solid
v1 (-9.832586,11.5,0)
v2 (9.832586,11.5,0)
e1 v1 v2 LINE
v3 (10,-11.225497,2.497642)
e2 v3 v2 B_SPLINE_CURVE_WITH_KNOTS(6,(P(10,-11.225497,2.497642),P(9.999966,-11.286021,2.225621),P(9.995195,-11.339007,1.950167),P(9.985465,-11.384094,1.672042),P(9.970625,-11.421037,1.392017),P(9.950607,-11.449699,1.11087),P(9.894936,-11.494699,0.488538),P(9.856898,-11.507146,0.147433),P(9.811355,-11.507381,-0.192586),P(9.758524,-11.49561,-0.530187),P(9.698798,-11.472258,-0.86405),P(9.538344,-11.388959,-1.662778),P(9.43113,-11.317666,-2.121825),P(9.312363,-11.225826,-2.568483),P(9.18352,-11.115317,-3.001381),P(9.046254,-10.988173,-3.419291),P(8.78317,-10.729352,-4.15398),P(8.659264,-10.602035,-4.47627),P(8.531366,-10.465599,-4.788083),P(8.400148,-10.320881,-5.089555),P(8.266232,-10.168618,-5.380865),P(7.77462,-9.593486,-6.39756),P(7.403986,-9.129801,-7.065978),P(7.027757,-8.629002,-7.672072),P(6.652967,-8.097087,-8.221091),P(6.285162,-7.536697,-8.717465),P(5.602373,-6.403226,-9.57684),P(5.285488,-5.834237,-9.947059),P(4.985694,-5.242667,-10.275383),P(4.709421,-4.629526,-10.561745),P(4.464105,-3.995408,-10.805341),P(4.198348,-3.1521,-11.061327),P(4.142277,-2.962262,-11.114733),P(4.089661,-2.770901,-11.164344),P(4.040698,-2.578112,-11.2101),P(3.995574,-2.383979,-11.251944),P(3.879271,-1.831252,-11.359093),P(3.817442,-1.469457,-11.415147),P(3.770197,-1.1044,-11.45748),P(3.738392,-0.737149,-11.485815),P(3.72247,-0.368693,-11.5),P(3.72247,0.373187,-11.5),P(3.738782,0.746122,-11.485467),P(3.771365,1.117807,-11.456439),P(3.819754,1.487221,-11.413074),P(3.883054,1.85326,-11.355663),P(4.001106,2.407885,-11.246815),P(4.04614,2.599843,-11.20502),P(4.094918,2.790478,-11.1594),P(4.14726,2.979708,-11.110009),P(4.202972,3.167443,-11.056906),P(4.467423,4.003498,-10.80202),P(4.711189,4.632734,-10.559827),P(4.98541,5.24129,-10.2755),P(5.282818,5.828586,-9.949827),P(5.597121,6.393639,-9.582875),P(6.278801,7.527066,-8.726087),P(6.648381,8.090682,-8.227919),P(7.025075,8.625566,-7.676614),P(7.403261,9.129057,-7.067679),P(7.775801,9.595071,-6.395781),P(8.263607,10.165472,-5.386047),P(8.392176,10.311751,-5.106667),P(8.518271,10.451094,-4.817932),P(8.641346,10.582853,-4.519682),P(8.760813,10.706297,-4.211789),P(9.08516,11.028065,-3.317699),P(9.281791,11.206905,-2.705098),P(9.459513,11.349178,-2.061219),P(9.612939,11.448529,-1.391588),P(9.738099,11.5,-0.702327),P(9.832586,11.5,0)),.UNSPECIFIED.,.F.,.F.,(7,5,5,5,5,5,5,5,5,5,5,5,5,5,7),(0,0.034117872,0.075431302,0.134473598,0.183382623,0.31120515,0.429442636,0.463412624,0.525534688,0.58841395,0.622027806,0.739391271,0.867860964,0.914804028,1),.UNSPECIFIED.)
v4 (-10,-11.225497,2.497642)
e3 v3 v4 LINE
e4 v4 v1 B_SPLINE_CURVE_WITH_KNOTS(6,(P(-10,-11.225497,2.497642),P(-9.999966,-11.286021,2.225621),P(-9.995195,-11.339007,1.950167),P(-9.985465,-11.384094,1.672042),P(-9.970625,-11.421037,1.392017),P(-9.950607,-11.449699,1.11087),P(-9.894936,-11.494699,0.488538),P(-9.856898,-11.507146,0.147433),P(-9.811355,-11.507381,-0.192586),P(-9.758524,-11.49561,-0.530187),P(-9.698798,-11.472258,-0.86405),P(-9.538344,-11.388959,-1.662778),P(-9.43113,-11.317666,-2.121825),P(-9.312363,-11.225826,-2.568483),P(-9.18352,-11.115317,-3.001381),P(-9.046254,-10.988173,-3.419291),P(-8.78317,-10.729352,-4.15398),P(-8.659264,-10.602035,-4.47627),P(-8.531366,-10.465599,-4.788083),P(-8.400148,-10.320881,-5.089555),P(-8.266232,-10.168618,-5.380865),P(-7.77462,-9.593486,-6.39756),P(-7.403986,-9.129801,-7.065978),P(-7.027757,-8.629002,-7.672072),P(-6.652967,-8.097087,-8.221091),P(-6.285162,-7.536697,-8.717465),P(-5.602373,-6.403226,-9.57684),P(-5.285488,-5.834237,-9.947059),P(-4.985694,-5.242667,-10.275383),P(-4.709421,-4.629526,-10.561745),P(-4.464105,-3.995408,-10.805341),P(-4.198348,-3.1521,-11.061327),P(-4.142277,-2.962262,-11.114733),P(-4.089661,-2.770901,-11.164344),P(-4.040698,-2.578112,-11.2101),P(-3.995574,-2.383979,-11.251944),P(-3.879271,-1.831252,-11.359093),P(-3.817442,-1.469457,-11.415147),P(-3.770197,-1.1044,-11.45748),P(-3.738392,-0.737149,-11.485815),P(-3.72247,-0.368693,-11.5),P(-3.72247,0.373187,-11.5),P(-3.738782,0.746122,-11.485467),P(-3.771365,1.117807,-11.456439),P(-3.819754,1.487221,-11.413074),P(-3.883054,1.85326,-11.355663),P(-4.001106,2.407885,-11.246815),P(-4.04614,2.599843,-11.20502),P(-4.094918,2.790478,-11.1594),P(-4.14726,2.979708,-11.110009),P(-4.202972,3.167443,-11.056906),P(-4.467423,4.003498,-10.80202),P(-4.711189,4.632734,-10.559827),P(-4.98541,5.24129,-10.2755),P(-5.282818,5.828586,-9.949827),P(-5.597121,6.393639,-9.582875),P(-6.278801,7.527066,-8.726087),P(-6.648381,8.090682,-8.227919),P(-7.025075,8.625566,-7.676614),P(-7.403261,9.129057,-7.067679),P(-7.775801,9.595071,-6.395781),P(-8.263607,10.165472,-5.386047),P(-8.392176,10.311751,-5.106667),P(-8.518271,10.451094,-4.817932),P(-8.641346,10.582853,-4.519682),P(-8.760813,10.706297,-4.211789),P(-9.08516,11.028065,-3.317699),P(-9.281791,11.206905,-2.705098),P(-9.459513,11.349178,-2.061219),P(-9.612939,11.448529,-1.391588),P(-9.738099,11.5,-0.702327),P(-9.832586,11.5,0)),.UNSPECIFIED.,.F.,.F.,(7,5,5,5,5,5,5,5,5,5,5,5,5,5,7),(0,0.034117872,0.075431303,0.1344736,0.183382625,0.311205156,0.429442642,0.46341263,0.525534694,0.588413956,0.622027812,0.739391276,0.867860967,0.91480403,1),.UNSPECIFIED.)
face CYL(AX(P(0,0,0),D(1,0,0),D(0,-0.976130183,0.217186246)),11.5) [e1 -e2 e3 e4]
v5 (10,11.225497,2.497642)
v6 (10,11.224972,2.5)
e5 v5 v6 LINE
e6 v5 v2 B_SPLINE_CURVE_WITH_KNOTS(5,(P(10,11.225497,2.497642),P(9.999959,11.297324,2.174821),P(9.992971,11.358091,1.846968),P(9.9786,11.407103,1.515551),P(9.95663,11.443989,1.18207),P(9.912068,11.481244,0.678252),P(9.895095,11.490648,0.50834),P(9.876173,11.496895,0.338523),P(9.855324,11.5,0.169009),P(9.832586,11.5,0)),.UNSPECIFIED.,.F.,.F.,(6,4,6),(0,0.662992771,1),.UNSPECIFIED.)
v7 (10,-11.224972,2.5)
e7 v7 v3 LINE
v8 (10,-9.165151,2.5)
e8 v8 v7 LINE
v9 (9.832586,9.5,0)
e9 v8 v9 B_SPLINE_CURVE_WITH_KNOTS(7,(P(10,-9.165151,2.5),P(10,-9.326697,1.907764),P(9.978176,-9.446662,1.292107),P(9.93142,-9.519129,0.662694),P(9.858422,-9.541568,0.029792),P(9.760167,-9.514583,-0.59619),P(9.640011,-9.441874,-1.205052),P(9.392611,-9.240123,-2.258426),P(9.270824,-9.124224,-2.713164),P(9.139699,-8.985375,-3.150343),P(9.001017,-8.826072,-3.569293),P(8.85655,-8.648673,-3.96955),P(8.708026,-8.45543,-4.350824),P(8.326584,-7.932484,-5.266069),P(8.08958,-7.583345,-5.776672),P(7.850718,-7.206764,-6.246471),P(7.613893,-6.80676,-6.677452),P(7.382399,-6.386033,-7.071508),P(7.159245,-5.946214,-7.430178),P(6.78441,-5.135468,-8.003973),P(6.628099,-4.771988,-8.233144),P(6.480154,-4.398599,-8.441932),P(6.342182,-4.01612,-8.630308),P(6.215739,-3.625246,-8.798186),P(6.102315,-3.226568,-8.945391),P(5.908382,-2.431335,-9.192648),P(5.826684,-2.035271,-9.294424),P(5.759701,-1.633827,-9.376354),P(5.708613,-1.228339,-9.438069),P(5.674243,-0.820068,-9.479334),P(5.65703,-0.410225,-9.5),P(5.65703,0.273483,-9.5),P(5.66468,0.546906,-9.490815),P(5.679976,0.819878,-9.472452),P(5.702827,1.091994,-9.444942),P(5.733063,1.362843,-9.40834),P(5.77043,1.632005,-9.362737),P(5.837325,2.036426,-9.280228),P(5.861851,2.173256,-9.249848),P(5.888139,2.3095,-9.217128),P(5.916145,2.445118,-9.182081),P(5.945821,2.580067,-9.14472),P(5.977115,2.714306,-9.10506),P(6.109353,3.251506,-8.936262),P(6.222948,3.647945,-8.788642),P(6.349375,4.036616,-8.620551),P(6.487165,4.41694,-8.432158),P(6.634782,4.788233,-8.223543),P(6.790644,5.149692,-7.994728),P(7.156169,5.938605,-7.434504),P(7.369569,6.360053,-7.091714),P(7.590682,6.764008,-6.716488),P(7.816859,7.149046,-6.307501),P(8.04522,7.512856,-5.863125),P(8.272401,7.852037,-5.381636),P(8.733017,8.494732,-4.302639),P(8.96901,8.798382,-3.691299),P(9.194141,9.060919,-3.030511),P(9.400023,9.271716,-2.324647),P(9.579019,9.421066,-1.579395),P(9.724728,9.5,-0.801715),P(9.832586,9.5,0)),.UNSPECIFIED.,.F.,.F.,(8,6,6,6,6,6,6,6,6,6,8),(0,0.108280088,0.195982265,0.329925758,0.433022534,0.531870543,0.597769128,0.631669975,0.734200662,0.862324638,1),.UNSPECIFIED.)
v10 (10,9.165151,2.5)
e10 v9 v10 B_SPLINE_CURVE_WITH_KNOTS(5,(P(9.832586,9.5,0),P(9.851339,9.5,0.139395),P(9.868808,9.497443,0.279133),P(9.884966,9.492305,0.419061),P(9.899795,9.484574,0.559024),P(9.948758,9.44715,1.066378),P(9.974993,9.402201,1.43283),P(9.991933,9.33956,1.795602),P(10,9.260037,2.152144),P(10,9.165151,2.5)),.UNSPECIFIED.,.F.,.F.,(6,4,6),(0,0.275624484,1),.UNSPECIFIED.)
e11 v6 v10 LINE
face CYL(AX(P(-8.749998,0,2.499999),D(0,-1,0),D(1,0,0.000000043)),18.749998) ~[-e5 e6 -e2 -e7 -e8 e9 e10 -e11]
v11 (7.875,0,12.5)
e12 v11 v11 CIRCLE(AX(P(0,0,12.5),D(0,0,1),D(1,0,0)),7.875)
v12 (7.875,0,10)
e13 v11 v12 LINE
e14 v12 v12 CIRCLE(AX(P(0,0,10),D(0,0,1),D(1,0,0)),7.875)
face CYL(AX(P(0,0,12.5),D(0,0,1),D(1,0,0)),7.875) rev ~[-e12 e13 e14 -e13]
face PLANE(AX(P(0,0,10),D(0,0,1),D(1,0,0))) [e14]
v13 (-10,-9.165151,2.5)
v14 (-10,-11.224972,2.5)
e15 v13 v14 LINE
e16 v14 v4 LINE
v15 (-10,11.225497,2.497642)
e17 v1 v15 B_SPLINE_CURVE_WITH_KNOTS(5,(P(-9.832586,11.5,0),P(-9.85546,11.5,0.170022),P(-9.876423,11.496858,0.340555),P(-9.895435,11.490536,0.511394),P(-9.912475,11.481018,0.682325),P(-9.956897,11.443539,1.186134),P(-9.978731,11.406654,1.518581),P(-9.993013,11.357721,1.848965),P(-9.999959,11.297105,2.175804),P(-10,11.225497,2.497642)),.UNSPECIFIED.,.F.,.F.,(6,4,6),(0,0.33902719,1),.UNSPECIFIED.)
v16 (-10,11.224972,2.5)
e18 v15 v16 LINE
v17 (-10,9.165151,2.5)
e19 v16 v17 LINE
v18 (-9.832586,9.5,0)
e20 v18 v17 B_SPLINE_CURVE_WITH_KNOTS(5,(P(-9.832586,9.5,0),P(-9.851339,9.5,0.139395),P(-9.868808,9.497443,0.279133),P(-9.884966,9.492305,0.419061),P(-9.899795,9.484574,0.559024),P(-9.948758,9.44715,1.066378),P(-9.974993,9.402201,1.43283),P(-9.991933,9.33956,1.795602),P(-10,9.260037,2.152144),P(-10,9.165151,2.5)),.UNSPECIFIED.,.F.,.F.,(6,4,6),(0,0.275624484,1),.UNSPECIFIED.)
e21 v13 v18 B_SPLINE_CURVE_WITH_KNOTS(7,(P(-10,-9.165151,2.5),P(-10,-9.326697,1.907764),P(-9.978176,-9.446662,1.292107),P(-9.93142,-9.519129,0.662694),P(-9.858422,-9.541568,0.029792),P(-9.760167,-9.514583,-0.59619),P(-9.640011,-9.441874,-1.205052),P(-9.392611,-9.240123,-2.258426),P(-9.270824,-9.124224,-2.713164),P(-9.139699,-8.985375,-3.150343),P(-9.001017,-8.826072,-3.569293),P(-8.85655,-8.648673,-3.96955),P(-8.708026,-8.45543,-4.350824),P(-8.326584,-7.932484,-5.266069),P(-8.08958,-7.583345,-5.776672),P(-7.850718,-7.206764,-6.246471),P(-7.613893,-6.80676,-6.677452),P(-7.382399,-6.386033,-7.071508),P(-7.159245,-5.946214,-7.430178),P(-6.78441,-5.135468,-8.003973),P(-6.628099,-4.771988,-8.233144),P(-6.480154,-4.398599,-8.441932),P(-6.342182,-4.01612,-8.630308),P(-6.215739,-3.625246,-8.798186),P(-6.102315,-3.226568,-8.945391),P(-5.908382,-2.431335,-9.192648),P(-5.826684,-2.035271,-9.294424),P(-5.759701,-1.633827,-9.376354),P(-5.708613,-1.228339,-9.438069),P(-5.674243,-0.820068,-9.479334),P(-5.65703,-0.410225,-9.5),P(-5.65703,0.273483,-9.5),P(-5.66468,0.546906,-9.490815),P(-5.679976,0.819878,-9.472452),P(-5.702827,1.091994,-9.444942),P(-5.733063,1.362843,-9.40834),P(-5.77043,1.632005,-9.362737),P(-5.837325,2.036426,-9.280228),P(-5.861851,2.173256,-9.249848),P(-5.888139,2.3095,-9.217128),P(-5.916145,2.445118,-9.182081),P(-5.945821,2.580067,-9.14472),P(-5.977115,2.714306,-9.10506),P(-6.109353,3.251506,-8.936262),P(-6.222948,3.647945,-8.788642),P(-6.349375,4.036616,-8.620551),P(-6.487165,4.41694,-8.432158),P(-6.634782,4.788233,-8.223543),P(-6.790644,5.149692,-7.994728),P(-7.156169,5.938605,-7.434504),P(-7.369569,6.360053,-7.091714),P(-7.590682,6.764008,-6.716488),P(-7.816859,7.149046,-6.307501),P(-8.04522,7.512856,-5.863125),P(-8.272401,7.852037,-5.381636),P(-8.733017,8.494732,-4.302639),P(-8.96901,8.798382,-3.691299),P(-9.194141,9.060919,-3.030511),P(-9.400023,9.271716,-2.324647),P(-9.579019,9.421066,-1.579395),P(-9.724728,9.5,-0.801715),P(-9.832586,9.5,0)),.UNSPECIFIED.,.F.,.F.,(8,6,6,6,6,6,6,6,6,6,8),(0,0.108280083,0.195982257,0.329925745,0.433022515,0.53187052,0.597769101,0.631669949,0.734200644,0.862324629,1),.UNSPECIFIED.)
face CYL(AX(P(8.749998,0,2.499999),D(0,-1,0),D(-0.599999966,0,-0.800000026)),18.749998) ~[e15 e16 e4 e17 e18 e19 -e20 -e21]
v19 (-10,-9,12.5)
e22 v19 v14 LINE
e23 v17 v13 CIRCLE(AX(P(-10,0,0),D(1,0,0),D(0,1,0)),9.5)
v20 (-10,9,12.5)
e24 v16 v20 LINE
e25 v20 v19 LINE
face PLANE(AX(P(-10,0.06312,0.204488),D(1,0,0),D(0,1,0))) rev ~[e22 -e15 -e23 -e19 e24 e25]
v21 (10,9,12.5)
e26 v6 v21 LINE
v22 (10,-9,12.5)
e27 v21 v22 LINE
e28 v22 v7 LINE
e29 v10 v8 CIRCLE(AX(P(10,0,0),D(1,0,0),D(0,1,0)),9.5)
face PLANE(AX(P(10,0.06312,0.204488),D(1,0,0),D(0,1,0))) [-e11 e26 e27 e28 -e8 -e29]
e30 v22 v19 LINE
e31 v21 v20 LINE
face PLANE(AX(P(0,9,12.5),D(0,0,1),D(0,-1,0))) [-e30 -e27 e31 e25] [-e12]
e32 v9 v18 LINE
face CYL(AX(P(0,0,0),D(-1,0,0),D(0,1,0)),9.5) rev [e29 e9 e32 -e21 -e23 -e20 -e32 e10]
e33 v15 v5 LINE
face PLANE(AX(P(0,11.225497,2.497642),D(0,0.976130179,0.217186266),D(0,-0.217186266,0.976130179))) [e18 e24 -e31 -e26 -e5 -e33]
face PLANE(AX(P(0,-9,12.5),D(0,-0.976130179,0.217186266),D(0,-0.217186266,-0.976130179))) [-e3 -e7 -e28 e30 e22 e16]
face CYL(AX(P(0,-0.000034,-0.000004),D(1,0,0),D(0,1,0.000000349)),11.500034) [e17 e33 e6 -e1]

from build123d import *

# Parameters (mm, degrees)
F0_R     = 9.5
F1_DEPTH = 10
F3_DEPTH = 15
F4_R     = 7.875
F5_DEPTH = 2.5


with BuildPart() as f1:
    # F0 (on Right) → F1 (new body, symmetric)
    with BuildSketch(Plane.YZ):
        with BuildLine():
            ThreePointArc((-11.225497, 2.497642), (-1.256341, -11.431168), (11.5, 0))
            ThreePointArc((11.5, 0), (11.431168, 1.256341), (11.225497, 2.497642))
            ThreePointArc((11.225497, 2.497642), (0, 11.5), (-11.225497, 2.497642))
        make_face()
        Circle(F0_R, mode=Mode.SUBTRACT)
        with BuildLine():
            ThreePointArc((-11.225497, 2.497642), (0, 11.5), (11.225497, 2.497642))
            Line((11.225497, 2.497642), (9, 12.5))
            Line((9, 12.5), (-9, 12.5))
            Line((-9, 12.5), (-11.225497, 2.497642))
        make_face()
    extrude(amount=F1_DEPTH, both=True)

    # F2 (on Front) → F3 (cut, symmetric)
    with BuildSketch(Plane.XZ):
        with BuildLine():
            Line((10, 12.5), (10, 2.5))
            ThreePointArc((10, 2.5), (8.02051, -5.885255), (2.5, -12.5))
            Line((2.5, -12.5), (-2.5, -12.5))
            ThreePointArc((-2.5, -12.5), (-8.02051, -5.885255), (-10, 2.5))
            Line((-10, 2.5), (-10, 12.5))
            Line((-10, 12.5), (-15, 12.5))
            Line((-15, 12.5), (-15, -17.5))
            Line((-15, -17.5), (15, -17.5))
            Line((15, -17.5), (15, 12.5))
            Line((15, 12.5), (10, 12.5))
        make_face()
    extrude(amount=F3_DEPTH, both=True, mode=Mode.SUBTRACT)

    # F4 (on face) → F5 (cut)
    with BuildSketch(Plane.XY.offset(12.5)):
        Circle(F4_R)
    extrude(amount=-F5_DEPTH, mode=Mode.SUBTRACT)


solid = f1.part
